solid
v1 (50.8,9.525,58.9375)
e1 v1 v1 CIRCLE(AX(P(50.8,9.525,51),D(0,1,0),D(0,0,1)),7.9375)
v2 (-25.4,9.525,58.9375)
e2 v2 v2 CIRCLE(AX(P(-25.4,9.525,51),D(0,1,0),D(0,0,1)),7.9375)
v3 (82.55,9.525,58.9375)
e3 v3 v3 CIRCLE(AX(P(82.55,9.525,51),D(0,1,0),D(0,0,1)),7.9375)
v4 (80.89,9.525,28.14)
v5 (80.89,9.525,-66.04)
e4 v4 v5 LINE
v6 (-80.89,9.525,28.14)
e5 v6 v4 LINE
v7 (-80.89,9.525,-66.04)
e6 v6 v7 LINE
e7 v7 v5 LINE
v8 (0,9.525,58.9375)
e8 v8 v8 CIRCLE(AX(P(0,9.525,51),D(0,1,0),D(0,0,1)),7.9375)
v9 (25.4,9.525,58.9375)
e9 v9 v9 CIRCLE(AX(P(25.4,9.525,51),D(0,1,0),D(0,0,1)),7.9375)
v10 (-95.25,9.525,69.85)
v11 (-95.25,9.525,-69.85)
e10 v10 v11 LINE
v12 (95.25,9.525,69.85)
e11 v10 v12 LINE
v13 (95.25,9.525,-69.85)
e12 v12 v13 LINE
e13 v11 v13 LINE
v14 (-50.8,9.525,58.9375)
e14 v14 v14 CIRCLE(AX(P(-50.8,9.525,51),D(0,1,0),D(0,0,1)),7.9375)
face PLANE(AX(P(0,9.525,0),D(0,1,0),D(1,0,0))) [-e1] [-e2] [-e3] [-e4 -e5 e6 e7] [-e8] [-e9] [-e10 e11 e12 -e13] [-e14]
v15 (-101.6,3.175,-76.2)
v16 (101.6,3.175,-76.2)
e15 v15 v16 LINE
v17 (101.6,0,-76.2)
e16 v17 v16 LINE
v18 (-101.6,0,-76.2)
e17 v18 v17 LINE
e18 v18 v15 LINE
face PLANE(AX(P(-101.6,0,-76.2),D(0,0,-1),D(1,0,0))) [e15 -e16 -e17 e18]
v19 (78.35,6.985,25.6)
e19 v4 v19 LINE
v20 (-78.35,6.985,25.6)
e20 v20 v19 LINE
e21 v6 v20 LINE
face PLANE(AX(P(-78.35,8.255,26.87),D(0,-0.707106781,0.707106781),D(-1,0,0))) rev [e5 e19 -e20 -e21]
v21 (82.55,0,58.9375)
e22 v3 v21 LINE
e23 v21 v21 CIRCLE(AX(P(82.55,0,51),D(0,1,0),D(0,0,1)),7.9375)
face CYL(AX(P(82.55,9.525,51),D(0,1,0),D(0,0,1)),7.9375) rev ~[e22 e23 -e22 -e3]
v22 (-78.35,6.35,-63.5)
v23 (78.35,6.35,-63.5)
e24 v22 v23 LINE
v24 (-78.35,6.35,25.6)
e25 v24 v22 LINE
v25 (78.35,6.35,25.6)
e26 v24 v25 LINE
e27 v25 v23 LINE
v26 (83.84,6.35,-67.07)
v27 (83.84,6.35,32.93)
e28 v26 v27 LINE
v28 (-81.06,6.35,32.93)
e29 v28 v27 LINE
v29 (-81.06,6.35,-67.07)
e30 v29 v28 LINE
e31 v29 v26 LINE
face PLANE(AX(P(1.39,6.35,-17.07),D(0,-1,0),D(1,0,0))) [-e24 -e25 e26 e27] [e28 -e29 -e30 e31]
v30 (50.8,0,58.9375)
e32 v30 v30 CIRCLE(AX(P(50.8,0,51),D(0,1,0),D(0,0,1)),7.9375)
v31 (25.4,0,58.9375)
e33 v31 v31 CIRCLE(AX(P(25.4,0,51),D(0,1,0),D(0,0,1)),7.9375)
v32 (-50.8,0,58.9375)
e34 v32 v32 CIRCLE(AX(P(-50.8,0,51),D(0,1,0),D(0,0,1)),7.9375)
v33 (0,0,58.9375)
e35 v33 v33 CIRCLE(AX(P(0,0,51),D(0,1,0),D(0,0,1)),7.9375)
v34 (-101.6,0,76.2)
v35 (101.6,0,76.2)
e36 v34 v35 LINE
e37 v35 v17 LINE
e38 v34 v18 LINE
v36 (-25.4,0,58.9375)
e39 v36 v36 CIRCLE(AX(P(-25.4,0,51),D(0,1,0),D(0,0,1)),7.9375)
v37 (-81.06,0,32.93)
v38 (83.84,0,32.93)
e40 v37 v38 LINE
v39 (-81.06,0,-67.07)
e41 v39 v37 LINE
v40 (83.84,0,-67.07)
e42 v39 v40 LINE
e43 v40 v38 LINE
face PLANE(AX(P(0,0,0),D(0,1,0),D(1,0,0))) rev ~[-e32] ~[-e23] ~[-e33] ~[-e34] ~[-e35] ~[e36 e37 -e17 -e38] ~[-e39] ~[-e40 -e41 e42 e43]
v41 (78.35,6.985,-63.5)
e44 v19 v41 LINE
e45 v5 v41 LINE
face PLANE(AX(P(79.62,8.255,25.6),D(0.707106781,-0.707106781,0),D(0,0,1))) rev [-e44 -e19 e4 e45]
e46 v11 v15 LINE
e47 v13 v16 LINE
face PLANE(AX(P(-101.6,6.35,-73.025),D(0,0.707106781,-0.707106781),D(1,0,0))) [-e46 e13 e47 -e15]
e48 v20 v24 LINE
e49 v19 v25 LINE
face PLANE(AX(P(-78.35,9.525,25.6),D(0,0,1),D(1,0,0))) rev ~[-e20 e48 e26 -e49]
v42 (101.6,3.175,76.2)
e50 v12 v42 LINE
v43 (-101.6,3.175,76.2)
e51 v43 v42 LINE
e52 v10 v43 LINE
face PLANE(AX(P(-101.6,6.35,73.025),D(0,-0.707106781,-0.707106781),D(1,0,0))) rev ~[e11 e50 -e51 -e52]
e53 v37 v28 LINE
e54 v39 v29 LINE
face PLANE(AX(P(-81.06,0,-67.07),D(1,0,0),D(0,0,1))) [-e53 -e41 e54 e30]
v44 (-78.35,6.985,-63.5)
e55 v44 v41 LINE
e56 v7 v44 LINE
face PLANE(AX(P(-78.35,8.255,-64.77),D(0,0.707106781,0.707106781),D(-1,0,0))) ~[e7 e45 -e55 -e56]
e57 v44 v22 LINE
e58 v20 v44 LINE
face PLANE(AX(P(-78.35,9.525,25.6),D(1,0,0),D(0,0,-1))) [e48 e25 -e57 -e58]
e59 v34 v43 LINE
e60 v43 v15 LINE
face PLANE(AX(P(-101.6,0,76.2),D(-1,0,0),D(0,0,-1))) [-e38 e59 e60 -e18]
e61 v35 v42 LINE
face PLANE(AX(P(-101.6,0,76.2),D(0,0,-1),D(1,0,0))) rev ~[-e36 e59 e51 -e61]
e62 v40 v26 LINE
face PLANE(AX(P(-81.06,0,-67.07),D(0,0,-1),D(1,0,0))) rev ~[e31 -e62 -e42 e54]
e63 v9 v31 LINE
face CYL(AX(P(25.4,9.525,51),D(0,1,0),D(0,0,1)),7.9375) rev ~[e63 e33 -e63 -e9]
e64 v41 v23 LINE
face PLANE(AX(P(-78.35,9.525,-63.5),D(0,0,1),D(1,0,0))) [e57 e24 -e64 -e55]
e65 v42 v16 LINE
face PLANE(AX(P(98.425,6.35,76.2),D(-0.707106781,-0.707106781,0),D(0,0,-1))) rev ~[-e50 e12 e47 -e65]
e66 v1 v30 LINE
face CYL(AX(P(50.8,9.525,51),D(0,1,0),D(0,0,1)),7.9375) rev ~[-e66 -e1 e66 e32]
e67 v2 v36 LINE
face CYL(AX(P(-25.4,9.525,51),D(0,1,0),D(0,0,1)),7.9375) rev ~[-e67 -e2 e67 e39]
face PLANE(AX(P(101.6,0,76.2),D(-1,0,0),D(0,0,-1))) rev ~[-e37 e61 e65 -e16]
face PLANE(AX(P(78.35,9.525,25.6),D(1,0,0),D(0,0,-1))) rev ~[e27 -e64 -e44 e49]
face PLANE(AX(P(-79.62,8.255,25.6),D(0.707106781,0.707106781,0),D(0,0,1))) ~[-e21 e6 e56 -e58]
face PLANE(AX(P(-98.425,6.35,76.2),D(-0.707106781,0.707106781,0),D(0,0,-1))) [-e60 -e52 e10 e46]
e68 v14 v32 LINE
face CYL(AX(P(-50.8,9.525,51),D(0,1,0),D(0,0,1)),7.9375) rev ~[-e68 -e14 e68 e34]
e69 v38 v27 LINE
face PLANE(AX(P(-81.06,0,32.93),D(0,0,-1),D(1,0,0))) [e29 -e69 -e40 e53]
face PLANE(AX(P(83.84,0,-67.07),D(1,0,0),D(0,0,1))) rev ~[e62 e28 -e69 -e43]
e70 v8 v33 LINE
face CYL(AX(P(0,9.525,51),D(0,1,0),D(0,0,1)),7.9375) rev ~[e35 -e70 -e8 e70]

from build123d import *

# Parameters (mm, degrees)
SKETCH1_W           = 203.2
SKETCH1_H           = 152.4
BOSS_EXTRUDE1_DEPTH = 9.525
SKETCH2_W           = 156.7
SKETCH2_H           = 89.1
CUT_EXTRUDE1_DEPTH  = 128.356686613
CHAMFER1_SIZE       = 2.54
SKETCH3_W           = 164.9
SKETCH3_H           = 100
CUT_EXTRUDE2_DEPTH  = 6.35
SKETCH4_R           = 7.9375
CUT_EXTRUDE3_DEPTH  = 128.356686613
CHAMFER2_SIZE       = 6.35


with BuildPart() as part:
    # Sketch1 → Boss-Extrude1 (new body)
    with BuildSketch(Plane(origin=(0, 0, 0), x_dir=(1, 0, 0), z_dir=(0, 1, 0))):
        Rectangle(SKETCH1_W, SKETCH1_H)
    extrude(amount=BOSS_EXTRUDE1_DEPTH)

    # Sketch2 → Cut-Extrude1 (cut, through all)
    with BuildSketch(Plane(origin=(0, 9.525, 0), x_dir=(1, 0, 0), z_dir=(0, 1, 0))):
        with Locations((0, 18.95)):
            Rectangle(SKETCH2_W, SKETCH2_H)
    extrude(amount=-CUT_EXTRUDE1_DEPTH, mode=Mode.SUBTRACT)

    # Chamfer1
    chamfer1_edges = [part.edges().sort_by_distance(p)[0] for p in [
        (78.35, 9.525, -18.95),
        (0, 9.525, -63.5),
        (-78.35, 9.525, -18.95),
        (0, 9.525, 25.6),
    ]]
    chamfer(chamfer1_edges, length=CHAMFER1_SIZE)

    # Sketch3 → Cut-Extrude2 (cut)
    with BuildSketch(Plane(origin=(-44.720558265, 0, -165.453357273), x_dir=(1, 0, 0), z_dir=(0, -1, 0))):
        with Locations((46.110558265, 148.383357273)):
            Rectangle(SKETCH3_W, SKETCH3_H)
    extrude(amount=-CUT_EXTRUDE2_DEPTH, mode=Mode.SUBTRACT)

    # Sketch4 → Cut-Extrude3 (cut, through all)
    with BuildSketch(Plane(origin=(0, 9.525, 0), x_dir=(1, 0, 0), z_dir=(0, 1, 0))):
        with Locations(Location((-50.8, -51, 0), (0, 0, 270))):
            Circle(SKETCH4_R)
        with Locations(Location((-25.4, -51, 0), (0, 0, 270))):
            Circle(SKETCH4_R)
        with Locations(Location((0, -51, 0), (0, 0, 270))):
            Circle(SKETCH4_R)
        with Locations(Location((25.4, -51, 0), (0, 0, 270))):
            Circle(SKETCH4_R)
        with Locations(Location((50.8, -51, 0), (0, 0, 270))):
            Circle(SKETCH4_R)
        with Locations(Location((82.55, -51, 0), (0, 0, 270))):
            Circle(SKETCH4_R)
    extrude(amount=-CUT_EXTRUDE3_DEPTH, mode=Mode.SUBTRACT)

    # Chamfer2
    chamfer2_edges = [part.edges().sort_by_distance(p)[0] for p in [
        (-101.6, 9.525, 0),
        (0, 9.525, 76.2),
        (101.6, 9.525, 0),
        (0, 9.525, -76.2),
    ]]
    chamfer(chamfer2_edges, length=CHAMFER2_SIZE)


solid = part.part
